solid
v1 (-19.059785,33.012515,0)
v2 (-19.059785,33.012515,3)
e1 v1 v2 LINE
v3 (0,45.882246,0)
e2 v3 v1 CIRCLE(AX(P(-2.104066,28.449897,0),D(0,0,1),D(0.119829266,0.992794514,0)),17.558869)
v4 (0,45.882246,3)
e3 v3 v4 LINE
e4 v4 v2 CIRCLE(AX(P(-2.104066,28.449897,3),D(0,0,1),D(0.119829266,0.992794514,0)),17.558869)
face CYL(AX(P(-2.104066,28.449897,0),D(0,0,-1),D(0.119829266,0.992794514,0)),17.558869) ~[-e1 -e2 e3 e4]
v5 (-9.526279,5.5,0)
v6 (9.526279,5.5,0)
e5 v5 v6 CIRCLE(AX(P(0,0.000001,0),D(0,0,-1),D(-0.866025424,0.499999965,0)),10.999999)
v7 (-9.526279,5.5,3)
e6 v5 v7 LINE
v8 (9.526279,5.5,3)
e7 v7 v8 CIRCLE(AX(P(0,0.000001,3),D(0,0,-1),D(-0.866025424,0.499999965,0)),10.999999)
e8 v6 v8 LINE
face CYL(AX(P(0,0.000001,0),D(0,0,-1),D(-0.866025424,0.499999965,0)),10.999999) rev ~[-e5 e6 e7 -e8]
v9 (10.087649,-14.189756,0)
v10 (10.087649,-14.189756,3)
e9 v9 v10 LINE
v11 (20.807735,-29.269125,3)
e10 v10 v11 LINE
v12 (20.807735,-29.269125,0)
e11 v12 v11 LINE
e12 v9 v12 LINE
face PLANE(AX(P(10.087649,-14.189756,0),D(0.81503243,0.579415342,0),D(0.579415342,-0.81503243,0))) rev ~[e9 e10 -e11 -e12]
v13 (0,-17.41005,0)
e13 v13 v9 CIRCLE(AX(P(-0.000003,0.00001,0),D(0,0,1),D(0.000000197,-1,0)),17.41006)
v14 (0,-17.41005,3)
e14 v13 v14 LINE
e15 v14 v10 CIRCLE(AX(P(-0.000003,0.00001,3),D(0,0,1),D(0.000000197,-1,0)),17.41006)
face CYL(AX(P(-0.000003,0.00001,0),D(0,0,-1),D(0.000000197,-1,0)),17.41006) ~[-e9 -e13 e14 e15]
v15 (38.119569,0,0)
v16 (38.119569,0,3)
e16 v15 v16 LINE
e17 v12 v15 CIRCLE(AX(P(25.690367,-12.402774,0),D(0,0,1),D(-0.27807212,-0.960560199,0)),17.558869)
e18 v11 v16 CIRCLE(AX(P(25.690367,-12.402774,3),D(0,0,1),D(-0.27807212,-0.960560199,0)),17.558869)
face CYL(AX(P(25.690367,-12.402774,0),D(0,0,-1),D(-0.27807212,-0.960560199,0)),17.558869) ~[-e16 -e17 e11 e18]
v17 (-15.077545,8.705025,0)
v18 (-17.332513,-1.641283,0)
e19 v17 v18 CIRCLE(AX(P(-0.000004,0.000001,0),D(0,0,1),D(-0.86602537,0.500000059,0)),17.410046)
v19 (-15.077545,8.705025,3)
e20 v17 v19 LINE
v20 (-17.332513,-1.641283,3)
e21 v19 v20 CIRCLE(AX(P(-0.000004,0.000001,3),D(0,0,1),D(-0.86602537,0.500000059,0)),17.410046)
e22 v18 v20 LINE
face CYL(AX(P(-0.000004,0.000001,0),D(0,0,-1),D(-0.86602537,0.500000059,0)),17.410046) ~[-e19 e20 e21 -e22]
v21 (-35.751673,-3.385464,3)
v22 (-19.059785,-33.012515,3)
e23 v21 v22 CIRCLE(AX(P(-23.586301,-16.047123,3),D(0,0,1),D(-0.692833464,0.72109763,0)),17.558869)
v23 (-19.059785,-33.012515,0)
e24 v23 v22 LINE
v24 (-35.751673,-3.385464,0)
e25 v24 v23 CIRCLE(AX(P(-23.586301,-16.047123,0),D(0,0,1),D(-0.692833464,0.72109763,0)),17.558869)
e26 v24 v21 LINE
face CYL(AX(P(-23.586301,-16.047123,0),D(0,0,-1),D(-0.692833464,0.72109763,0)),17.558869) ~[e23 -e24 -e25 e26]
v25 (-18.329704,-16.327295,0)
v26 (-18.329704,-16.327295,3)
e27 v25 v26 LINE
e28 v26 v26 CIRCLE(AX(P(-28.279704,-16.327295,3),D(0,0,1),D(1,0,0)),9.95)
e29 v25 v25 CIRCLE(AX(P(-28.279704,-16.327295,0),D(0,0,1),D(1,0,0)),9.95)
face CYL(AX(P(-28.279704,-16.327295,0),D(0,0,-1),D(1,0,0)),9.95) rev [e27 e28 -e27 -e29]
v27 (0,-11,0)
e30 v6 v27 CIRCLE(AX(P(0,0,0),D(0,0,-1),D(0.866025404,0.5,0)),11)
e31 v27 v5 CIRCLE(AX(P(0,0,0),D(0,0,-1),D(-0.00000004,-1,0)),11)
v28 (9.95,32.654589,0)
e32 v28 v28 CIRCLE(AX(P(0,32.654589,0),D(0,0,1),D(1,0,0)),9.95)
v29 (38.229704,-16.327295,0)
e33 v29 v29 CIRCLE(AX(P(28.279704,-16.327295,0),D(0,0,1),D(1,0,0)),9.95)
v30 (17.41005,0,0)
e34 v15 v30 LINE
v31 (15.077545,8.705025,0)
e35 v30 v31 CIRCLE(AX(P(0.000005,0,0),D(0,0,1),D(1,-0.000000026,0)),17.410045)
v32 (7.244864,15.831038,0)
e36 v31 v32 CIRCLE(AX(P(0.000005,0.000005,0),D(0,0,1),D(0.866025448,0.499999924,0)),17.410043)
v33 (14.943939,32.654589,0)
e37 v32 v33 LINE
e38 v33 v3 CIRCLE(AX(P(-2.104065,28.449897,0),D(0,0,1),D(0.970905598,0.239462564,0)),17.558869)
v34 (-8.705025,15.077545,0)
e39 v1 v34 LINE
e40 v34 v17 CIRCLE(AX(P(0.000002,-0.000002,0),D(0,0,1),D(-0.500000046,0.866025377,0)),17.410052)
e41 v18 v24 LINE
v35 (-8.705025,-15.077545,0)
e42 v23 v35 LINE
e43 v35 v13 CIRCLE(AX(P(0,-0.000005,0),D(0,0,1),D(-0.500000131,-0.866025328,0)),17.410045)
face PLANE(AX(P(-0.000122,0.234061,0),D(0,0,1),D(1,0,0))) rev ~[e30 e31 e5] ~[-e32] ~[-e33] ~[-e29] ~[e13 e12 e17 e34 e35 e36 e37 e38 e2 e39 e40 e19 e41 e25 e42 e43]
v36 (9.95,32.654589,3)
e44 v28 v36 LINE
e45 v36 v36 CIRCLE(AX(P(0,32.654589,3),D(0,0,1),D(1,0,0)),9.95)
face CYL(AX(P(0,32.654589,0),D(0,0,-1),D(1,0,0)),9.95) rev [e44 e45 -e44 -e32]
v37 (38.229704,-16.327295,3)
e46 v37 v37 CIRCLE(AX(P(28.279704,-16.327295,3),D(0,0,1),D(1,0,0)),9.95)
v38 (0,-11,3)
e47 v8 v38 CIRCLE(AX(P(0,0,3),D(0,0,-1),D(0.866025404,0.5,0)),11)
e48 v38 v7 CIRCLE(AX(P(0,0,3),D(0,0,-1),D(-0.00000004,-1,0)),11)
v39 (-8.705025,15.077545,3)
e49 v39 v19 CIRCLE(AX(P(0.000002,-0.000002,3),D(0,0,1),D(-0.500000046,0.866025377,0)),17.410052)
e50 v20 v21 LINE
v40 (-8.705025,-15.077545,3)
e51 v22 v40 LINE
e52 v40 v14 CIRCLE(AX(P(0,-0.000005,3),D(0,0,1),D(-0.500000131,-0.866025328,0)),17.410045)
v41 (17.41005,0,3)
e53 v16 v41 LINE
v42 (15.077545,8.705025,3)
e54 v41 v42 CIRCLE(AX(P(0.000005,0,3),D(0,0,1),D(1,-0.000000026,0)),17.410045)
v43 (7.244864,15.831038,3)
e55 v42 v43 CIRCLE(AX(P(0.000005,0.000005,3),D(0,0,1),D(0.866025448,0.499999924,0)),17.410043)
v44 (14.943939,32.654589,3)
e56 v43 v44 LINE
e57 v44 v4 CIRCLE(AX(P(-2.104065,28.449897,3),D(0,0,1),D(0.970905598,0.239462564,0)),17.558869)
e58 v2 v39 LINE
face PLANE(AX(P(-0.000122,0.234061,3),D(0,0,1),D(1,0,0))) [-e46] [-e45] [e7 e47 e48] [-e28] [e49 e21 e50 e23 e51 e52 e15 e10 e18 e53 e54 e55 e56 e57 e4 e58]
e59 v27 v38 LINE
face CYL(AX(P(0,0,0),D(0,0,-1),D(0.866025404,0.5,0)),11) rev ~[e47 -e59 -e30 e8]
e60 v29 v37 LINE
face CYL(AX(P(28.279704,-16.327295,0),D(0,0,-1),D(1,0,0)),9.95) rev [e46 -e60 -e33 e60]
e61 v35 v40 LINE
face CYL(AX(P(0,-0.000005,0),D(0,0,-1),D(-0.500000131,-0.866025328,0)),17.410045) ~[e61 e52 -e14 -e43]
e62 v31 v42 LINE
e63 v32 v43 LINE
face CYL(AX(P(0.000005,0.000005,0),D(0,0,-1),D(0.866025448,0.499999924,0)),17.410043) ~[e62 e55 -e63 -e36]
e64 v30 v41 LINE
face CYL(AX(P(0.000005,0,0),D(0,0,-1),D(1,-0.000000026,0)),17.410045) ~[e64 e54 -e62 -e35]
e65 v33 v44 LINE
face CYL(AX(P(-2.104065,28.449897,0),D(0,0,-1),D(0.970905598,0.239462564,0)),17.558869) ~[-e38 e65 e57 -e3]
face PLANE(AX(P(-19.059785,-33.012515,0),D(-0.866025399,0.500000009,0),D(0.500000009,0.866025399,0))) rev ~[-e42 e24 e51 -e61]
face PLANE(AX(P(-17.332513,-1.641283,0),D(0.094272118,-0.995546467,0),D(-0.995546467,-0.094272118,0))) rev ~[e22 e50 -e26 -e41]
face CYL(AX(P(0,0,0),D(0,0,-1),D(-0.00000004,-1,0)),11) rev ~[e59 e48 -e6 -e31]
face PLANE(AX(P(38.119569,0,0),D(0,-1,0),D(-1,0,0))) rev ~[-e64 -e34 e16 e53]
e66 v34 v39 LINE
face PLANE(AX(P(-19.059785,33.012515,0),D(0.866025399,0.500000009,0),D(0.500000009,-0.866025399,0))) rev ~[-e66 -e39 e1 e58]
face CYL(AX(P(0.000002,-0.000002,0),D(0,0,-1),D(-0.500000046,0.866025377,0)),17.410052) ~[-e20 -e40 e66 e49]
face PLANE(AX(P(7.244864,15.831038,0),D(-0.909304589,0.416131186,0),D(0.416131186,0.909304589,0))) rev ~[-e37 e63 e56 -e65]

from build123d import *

# Parameters (mm, degrees)
F0_R     = 9.95
F1_DEPTH = 3


with BuildPart() as f1:
    # F0 (on Top) → F1 (new body)
    with BuildSketch(Plane.XY):
        with BuildLine():
            Line((7.244864, 15.831038), (14.943939, 32.654589))
            ThreePointArc((14.943939, 32.654589), (9.53394, 41.597928), (0, 45.882246))
            ThreePointArc((0, 45.882246), (-11.930072, 43.001993), (-19.059785, 33.012515))
            Line((-19.059785, 33.012515), (-8.705025, 15.077545))
            ThreePointArc((-8.705025, 15.077545), (-12.310764, 12.310764), (-15.077545, 8.705025))
            ThreePointArc((-15.077545, 8.705025), (-17.010717, 3.70747), (-17.332513, -1.641283))
            Line((-17.332513, -1.641283), (-35.751673, -3.385464))
            ThreePointArc((-35.751673, -3.385464), (-38.884293, -24.666016), (-19.059785, -33.012515))
            Line((-19.059785, -33.012515), (-8.705025, -15.077545))
            ThreePointArc((-8.705025, -15.077545), (-4.506052, -16.816817), (0, -17.41005))
            ThreePointArc((0, -17.41005), (5.294595, -16.585448), (10.087649, -14.189756))
            Line((10.087649, -14.189756), (20.807735, -29.269125))
            ThreePointArc((20.807735, -29.269125), (40.803543, -21.341778), (38.119569, 0))
            Line((38.119569, 0), (17.41005, 0))
            ThreePointArc((17.41005, 0), (16.816817, 4.506052), (15.077545, 8.705025))
            ThreePointArc((15.077545, 8.705025), (11.716122, 12.877978), (7.244864, 15.831038))
        make_face()
        with Locations((-28.279704, -16.327295)):
            Circle(F0_R, mode=Mode.SUBTRACT)
        with BuildLine():
            ThreePointArc((-9.526279, 5.5), (0, 11), (9.526279, 5.5))
            ThreePointArc((9.526279, 5.5), (9.526279, -5.5), (0, -11))
            ThreePointArc((0, -11), (-9.526279, -5.5), (-9.526279, 5.5))
        make_face(mode=Mode.SUBTRACT)
        with Locations((28.279704, -16.327295)):
            Circle(F0_R, mode=Mode.SUBTRACT)
        with Locations((0, 32.654589)):
            Circle(F0_R, mode=Mode.SUBTRACT)
    extrude(amount=F1_DEPTH)


solid = f1.part
